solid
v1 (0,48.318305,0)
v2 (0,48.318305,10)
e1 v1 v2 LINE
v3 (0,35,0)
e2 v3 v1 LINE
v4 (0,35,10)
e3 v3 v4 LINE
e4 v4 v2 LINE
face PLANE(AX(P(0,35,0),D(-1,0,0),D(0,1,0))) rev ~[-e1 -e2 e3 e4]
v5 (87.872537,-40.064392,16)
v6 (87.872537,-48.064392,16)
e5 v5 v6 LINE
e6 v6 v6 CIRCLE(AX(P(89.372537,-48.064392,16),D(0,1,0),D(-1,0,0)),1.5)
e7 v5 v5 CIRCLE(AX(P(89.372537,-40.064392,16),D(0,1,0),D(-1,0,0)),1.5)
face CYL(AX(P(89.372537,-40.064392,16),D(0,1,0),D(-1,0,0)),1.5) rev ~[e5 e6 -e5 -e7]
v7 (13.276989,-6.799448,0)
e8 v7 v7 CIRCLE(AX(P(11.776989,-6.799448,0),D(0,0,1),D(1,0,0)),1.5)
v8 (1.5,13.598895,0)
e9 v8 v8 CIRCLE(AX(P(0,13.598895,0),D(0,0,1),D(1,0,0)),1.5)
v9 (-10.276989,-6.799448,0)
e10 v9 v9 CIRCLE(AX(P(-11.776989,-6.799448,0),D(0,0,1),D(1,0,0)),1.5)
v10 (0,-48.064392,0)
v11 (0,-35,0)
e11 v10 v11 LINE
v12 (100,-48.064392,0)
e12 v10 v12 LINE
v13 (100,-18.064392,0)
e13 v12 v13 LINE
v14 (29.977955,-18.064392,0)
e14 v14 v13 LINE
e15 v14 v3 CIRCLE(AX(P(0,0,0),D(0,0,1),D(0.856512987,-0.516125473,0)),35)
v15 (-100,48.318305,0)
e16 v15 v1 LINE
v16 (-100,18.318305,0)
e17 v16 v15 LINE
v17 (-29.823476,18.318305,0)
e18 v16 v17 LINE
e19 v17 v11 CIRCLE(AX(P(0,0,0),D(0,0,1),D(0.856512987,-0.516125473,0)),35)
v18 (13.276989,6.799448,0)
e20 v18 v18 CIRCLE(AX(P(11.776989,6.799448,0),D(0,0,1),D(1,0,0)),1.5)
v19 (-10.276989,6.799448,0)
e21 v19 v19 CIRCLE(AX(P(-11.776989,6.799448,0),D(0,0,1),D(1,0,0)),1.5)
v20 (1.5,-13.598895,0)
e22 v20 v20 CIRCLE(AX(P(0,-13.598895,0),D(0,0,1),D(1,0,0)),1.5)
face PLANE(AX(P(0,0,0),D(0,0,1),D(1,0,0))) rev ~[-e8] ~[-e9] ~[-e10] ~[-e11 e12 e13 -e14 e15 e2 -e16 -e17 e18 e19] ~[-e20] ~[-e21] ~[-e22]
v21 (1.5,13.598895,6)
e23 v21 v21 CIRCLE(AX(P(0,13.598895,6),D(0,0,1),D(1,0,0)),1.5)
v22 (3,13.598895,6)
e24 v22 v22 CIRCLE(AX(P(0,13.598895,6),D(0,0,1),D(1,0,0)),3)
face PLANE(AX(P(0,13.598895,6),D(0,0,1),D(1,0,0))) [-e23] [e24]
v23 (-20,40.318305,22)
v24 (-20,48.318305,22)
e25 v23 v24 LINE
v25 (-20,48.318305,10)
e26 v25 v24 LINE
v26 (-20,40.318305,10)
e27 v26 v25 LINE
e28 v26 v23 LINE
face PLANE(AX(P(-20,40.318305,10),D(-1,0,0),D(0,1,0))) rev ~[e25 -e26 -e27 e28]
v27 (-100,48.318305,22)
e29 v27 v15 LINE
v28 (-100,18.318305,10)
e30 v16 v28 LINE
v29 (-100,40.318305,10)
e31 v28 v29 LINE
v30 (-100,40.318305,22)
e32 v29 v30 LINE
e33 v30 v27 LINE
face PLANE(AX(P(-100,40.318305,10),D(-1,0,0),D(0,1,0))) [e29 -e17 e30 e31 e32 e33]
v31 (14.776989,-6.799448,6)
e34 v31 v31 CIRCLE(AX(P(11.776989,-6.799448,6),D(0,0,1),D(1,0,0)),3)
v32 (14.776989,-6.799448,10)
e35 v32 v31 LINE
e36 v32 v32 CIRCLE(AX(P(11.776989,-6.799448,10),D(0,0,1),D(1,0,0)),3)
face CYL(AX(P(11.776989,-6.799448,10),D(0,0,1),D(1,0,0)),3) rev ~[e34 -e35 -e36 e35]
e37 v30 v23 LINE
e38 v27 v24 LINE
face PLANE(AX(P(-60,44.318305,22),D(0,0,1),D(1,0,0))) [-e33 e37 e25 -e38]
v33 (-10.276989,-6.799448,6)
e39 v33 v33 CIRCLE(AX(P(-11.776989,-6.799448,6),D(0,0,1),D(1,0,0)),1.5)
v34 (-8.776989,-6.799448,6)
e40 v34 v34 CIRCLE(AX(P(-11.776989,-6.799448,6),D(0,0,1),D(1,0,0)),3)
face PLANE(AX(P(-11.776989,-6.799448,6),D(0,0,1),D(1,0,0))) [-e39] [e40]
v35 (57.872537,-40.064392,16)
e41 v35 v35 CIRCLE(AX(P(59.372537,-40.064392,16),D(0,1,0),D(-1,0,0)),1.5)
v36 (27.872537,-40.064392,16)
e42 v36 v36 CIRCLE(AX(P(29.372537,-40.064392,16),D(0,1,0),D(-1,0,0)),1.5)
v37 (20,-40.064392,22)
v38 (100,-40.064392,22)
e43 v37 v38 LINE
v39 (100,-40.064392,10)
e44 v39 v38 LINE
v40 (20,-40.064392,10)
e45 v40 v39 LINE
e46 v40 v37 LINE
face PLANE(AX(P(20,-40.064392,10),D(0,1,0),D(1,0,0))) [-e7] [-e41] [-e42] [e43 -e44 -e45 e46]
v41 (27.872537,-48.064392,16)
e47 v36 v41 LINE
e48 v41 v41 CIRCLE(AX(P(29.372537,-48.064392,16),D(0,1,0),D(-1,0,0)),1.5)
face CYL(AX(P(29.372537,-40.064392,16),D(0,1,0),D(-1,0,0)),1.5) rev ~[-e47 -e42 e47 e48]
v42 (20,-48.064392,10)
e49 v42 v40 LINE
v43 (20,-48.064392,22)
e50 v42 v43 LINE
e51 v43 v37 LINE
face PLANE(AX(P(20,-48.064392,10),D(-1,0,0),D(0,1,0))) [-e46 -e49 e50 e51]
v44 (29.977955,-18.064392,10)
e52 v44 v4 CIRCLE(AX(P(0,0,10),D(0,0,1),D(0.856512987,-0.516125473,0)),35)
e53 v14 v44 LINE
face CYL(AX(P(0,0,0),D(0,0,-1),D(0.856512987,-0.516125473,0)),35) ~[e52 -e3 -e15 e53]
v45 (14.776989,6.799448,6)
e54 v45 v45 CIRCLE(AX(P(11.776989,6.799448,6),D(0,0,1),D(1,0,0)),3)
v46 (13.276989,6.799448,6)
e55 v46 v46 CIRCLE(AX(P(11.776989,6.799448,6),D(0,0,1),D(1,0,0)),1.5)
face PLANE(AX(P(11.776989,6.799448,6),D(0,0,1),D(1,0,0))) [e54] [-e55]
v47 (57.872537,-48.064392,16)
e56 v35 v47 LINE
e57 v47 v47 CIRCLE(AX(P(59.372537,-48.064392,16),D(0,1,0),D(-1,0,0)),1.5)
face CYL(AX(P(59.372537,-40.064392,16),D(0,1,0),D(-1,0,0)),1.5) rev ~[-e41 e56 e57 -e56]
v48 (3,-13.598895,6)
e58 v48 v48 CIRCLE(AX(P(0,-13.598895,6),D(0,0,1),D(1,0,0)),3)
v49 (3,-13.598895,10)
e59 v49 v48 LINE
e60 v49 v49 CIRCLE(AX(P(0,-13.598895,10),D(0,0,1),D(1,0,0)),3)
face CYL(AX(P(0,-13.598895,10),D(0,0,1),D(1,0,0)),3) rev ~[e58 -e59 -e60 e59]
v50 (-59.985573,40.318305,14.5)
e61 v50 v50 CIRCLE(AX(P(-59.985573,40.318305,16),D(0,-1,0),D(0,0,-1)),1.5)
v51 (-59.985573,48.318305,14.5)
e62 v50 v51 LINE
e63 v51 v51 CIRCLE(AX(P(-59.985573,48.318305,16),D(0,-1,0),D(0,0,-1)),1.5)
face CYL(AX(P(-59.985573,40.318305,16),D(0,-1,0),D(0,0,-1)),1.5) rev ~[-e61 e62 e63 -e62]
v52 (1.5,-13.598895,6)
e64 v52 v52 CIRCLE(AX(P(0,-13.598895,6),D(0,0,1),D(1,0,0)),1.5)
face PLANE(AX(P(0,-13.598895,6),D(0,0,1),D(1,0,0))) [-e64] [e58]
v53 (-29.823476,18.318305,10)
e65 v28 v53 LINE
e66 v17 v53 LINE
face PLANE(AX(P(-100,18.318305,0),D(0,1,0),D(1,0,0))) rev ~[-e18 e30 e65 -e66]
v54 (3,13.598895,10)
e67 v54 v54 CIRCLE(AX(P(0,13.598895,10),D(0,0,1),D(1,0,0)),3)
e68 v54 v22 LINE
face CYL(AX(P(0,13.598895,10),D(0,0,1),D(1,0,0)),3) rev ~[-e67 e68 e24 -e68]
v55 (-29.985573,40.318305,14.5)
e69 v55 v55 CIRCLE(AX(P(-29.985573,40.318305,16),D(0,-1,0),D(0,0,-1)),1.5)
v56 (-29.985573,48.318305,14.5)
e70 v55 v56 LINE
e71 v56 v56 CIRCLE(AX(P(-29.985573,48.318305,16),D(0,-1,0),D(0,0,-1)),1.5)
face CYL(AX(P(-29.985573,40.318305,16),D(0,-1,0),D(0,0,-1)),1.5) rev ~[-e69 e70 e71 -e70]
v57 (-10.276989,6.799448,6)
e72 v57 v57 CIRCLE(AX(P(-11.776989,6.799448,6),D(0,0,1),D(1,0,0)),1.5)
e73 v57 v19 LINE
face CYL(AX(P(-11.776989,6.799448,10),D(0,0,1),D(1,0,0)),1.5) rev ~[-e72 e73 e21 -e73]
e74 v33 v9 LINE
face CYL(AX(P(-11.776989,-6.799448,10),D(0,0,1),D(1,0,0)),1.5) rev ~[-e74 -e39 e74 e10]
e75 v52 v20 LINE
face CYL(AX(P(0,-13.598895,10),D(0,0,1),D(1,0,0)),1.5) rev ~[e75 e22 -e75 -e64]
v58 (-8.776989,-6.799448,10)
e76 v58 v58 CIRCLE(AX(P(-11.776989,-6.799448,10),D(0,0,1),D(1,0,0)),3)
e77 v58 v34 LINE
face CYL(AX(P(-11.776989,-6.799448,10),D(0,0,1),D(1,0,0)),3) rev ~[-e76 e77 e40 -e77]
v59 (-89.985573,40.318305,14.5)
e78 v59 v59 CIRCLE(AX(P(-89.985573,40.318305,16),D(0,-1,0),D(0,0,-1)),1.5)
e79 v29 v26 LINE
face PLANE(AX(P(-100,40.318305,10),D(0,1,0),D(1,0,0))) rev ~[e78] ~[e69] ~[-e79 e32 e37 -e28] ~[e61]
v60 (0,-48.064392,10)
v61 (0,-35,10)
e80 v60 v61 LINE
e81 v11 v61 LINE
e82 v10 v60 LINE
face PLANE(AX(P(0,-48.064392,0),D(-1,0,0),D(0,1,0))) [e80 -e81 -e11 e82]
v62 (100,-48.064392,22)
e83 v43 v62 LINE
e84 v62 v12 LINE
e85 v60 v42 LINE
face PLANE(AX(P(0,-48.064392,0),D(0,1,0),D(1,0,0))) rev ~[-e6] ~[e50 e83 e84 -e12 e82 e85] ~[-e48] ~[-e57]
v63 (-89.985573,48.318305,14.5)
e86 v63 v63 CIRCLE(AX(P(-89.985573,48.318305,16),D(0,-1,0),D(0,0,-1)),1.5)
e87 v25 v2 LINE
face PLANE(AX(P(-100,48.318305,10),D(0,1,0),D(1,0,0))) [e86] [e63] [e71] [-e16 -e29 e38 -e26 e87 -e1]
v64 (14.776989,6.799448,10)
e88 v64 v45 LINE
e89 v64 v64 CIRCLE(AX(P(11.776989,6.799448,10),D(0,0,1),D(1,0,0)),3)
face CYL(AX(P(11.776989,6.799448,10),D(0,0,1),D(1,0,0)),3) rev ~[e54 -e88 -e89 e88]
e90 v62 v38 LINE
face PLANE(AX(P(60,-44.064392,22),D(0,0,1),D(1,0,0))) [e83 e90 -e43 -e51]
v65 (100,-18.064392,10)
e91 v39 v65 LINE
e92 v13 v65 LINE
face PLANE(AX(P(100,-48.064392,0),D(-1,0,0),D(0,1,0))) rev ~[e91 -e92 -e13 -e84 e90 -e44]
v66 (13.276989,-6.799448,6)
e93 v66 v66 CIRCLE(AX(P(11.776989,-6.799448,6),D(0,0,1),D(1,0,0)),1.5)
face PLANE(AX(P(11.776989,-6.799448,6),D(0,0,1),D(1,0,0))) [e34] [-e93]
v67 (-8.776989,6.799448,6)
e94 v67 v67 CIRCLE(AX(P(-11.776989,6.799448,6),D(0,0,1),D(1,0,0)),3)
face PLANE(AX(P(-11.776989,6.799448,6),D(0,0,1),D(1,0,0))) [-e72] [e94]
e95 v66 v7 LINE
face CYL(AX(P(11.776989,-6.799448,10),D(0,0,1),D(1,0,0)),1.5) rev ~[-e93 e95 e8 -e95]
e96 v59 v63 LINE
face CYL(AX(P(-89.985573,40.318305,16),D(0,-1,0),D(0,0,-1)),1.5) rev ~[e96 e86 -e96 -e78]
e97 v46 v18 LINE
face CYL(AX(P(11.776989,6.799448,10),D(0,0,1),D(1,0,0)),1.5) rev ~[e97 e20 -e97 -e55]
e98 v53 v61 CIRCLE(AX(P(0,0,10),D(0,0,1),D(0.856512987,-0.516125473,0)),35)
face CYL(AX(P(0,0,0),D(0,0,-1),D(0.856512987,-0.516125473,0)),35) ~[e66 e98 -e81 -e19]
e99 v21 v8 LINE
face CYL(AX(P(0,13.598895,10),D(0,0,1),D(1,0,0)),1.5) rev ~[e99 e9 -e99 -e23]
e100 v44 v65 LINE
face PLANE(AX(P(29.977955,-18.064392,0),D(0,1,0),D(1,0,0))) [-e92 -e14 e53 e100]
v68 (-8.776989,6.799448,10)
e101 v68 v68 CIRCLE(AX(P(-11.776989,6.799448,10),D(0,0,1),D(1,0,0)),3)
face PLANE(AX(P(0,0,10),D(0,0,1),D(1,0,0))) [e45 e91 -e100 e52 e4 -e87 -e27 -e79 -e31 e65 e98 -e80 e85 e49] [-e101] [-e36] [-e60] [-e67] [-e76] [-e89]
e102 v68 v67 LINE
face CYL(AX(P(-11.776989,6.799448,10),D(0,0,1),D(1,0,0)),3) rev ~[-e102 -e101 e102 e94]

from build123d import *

# Parameters (mm, degrees)
SKETCH1_R           = 35
SKETCH1_W           = 100
SKETCH1_H           = 30
BOSS_EXTRUDE2_DEPTH = 10
SKETCH2_R           = 3
SKETCH2_R_2         = 1.5
CUT_EXTRUDE2_DEPTH  = 4
SKETCH3_R           = 1.5
CUT_EXTRUDE3_DEPTH  = 112.510800428
SKETCH5_W           = 80
SKETCH5_H           = 8
BOSS_EXTRUDE3_DEPTH = 12
SKETCH6_R           = 1.5
CUT_EXTRUDE4_DEPTH  = 136.260863051
SKETCH7_R           = 1.5
CUT_EXTRUDE5_DEPTH  = 136.260863051


with BuildPart() as part:
    # Sketch1 → Boss-Extrude2 (new body)
    with BuildSketch(Plane.XY):
        Circle(SKETCH1_R)
        with Locations((50, -33.064391539)):
            Rectangle(SKETCH1_W, SKETCH1_H)
        with Locations((-50, 33.318305145)):
            Rectangle(SKETCH1_W, SKETCH1_H)
    extrude(amount=BOSS_EXTRUDE2_DEPTH)

    # Sketch2 → Cut-Extrude2 (cut)
    # profile 1 of 6: a face of its own
    with BuildSketch(Plane.XY.offset(10)):
        with Locations((0, -13.598895475)):
            Circle(SKETCH2_R)
        with Locations((0, -13.598895475)):
            Circle(SKETCH2_R_2, mode=Mode.SUBTRACT)
    # profile 2 of 6: a face of its own
    with BuildSketch(Plane.XY.offset(10)):
        with Locations((-11.776988944, -6.799447737)):
            Circle(SKETCH2_R)
        with Locations((-11.776988944, -6.799447737)):
            Circle(SKETCH2_R_2, mode=Mode.SUBTRACT)
    # profile 3 of 6: a face of its own
    with BuildSketch(Plane.XY.offset(10)):
        with Locations((-11.776988944, 6.799447737)):
            Circle(SKETCH2_R)
        with Locations((-11.776988944, 6.799447737)):
            Circle(SKETCH2_R_2, mode=Mode.SUBTRACT)
    # profile 4 of 6: a face of its own
    with BuildSketch(Plane.XY.offset(10)):
        with Locations((0, 13.598895475)):
            Circle(SKETCH2_R)
        with Locations((0, 13.598895475)):
            Circle(SKETCH2_R_2, mode=Mode.SUBTRACT)
    # profile 5 of 6: a face of its own
    with BuildSketch(Plane.XY.offset(10)):
        with Locations((11.776988944, 6.799447737)):
            Circle(SKETCH2_R)
        with Locations((11.776988944, 6.799447737)):
            Circle(SKETCH2_R_2, mode=Mode.SUBTRACT)
    # profile 6 of 6: a face of its own
    with BuildSketch(Plane.XY.offset(10)):
        with Locations((11.776988944, -6.799447737)):
            Circle(SKETCH2_R)
        with Locations((11.776988944, -6.799447737)):
            Circle(SKETCH2_R_2, mode=Mode.SUBTRACT)
    extrude(amount=-CUT_EXTRUDE2_DEPTH, mode=Mode.SUBTRACT)

    # Sketch3 → Cut-Extrude3 (cut, through all)
    with BuildSketch(Plane.XY.offset(10)):
        with Locations((0, -13.598895475)):
            Circle(SKETCH3_R)
        with Locations((-11.776988944, -6.799447737)):
            Circle(SKETCH3_R)
        with Locations((-11.776988944, 6.799447737)):
            Circle(SKETCH3_R)
        with Locations((0, 13.598895475)):
            Circle(SKETCH3_R)
        with Locations((11.776988944, 6.799447737)):
            Circle(SKETCH3_R)
        with Locations((11.776988944, -6.799447737)):
            Circle(SKETCH3_R)
    extrude(amount=-CUT_EXTRUDE3_DEPTH, mode=Mode.SUBTRACT)

    # Sketch5 → Boss-Extrude3 (add)
    with BuildSketch(Plane.XY.offset(10)):
        with Locations((-60, 44.318305145)):
            Rectangle(SKETCH5_W, SKETCH5_H)
        with Locations((60, -44.064391539)):
            Rectangle(SKETCH5_W, SKETCH5_H)
    extrude(amount=BOSS_EXTRUDE3_DEPTH)

    # Sketch6 → Cut-Extrude4 (cut, through all)
    with BuildSketch(Plane(origin=(0, 40.318305145, 0), x_dir=(-1, 0, 0), z_dir=(0, -1, 0))):
        with Locations(Location((89.985573023, -16, 0), (0, 0, 90))):
            Circle(SKETCH6_R)
        with Locations(Location((59.985573023, -16, 0), (0, 0, 90))):
            Circle(SKETCH6_R)
        with Locations(Location((29.985573023, -16, 0), (0, 0, 90))):
            Circle(SKETCH6_R)
    extrude(amount=-CUT_EXTRUDE4_DEPTH, mode=Mode.SUBTRACT)

    # Sketch7 → Cut-Extrude5 (cut, through all)
    with BuildSketch(Plane(origin=(0, -40.064391539, 0), x_dir=(1, 0, 0), z_dir=(0, 1, 0))):
        with Locations(Location((29.372536894, -16, 0), (0, 0, 180))):
            Circle(SKETCH7_R)
        with Locations(Location((59.372536894, -16, 0), (0, 0, 180))):
            Circle(SKETCH7_R)
        with Locations(Location((89.372536894, -16, 0), (0, 0, 180))):
            Circle(SKETCH7_R)
    extrude(amount=-CUT_EXTRUDE5_DEPTH, mode=Mode.SUBTRACT)


solid = part.part
